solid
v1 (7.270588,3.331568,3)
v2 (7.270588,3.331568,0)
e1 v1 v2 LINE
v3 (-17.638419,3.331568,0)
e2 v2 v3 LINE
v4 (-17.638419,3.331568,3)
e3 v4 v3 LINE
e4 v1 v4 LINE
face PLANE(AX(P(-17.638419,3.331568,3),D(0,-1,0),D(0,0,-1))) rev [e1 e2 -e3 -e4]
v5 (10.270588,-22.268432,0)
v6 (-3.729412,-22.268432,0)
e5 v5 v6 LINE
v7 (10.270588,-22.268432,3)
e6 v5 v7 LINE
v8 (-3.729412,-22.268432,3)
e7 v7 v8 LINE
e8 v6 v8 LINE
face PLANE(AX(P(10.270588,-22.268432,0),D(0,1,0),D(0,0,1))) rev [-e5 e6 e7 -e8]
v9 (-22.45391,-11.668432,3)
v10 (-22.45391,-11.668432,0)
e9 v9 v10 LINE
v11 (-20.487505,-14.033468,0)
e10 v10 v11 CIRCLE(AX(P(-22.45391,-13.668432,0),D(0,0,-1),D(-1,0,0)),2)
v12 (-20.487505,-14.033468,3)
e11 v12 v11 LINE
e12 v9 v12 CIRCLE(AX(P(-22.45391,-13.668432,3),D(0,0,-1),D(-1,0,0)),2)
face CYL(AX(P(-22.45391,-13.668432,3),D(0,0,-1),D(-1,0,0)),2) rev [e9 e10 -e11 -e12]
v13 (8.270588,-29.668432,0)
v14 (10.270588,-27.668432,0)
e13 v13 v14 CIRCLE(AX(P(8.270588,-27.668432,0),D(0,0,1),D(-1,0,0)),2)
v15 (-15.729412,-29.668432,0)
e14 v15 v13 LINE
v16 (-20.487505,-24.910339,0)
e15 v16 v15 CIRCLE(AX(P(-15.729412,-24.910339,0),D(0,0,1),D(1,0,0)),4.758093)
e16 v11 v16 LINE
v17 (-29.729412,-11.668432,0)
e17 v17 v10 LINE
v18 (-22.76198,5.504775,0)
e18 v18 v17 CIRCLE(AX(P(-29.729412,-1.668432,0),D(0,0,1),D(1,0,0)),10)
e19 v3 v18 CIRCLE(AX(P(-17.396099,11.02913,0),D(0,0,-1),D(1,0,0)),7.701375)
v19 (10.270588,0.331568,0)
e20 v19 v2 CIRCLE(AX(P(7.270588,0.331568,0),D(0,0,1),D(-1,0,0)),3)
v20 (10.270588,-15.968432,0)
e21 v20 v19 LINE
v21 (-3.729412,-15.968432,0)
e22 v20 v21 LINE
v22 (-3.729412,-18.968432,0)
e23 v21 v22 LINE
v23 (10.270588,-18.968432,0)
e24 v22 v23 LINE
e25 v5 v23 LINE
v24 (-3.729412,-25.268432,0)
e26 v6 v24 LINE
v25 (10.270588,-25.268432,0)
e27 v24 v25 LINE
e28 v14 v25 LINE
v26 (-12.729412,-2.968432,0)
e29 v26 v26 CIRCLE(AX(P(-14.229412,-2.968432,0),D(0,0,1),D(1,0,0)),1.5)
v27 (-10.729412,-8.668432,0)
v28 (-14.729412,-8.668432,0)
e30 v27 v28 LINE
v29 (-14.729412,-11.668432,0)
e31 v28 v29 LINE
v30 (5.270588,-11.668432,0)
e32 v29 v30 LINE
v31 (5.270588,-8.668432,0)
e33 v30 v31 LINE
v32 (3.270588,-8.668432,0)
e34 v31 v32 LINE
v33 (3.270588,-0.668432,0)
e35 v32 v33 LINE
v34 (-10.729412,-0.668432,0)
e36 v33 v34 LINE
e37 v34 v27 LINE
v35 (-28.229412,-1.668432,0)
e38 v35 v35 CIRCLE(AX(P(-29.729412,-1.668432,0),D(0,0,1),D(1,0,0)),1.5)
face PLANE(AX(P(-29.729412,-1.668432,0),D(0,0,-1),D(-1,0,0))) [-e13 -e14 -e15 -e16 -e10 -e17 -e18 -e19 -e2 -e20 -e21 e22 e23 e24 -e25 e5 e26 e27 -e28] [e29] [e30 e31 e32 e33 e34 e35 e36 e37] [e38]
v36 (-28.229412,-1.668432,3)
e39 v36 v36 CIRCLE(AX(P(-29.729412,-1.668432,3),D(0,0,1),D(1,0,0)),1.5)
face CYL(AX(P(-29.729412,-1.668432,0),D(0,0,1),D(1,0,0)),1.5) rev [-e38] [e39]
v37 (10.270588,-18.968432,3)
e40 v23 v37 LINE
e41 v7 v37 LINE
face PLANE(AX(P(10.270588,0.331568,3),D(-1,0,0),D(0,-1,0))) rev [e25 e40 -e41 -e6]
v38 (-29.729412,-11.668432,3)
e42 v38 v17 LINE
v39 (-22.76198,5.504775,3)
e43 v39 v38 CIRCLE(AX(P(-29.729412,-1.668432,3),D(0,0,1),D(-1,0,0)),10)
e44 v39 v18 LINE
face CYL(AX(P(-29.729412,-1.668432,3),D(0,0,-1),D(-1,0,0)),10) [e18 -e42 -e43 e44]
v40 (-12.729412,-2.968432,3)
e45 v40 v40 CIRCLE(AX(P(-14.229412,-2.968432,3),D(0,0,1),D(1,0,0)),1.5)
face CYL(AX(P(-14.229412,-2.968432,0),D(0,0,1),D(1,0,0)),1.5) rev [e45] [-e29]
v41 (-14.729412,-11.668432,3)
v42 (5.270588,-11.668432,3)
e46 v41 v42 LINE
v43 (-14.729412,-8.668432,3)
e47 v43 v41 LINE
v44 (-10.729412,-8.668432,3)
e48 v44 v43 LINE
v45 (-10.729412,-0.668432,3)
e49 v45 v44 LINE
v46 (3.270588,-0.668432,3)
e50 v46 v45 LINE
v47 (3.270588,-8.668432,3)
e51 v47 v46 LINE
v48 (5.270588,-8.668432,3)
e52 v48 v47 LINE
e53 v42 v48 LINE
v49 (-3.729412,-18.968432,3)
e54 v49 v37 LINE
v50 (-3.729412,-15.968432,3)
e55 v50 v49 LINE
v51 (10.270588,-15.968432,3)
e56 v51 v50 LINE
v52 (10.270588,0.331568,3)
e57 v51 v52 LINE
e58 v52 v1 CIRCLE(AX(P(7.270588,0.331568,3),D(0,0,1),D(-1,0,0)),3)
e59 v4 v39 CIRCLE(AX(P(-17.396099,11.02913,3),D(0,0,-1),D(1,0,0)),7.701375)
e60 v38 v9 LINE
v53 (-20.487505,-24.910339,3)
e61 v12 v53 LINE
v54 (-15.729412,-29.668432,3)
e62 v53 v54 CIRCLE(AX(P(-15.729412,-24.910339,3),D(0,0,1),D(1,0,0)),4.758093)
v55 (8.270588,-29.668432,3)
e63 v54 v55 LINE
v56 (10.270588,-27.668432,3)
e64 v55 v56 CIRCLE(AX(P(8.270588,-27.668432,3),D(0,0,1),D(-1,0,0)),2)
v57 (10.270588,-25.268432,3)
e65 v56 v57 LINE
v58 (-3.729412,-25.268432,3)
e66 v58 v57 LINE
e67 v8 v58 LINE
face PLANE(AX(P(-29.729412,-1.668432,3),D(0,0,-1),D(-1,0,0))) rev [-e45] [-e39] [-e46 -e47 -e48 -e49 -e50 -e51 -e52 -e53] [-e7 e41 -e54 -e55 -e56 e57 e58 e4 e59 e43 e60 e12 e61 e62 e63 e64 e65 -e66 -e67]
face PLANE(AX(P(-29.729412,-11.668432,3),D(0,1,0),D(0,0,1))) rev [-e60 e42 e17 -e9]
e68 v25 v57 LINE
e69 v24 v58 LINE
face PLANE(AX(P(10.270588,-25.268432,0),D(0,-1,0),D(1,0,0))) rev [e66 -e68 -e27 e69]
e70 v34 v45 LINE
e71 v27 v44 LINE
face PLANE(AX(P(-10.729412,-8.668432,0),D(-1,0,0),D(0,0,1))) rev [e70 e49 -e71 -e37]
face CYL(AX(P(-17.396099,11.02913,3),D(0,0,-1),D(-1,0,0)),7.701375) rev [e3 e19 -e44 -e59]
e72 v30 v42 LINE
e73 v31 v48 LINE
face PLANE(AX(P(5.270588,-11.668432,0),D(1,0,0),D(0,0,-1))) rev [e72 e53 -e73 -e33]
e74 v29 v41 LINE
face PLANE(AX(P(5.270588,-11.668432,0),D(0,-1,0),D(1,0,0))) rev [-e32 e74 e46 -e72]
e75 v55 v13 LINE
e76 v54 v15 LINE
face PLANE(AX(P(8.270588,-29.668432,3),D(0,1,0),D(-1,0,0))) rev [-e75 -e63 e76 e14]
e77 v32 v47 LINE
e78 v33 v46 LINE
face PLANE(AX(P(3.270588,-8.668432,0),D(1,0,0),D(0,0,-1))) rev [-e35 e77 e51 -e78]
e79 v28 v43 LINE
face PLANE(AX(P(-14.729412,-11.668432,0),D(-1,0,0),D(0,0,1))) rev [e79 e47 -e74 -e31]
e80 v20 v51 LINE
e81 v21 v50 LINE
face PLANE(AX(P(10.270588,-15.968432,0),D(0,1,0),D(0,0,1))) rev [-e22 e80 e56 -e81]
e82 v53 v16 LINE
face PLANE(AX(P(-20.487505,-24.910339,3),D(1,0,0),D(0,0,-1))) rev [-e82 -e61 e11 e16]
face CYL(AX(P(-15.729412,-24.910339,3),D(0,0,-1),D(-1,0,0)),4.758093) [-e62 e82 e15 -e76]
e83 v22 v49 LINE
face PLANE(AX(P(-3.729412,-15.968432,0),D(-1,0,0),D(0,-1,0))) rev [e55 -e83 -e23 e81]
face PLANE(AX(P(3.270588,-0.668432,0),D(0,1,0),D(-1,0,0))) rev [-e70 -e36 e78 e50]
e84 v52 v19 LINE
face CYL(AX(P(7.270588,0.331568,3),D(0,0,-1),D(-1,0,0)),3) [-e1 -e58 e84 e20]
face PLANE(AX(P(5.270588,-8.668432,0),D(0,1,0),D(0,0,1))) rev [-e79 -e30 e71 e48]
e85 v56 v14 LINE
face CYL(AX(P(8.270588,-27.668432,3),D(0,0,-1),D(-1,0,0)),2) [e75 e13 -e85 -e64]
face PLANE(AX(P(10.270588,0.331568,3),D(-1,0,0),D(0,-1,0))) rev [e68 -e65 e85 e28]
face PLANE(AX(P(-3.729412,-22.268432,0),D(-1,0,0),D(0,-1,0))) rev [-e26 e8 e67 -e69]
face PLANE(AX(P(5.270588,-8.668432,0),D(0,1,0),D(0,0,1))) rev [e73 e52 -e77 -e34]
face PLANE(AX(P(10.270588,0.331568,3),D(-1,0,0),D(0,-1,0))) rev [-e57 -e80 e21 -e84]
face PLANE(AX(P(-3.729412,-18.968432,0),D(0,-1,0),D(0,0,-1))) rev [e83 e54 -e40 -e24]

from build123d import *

# Parameters (mm, degrees)
BOSS_EXTRUDE1_DEPTH = 3
SKETCH2_R           = 1.5
CUT_EXTRUDE1_DEPTH  = 3
SKETCH3_W           = 20
SKETCH3_H           = 3
SKETCH3_W_2         = 14
CUT_EXTRUDE2_DEPTH  = 3
SKETCH4_W           = 14
SKETCH4_H           = 8
CUT_EXTRUDE3_DEPTH  = 3
SKETCH5_R           = 1.5
CUT_EXTRUDE4_DEPTH  = 3


with BuildPart() as part:
    # Sketch1 → Boss-Extrude1 (new body)
    with BuildSketch(Plane.XY):
        with BuildLine():
            Line((10.270588235, 0.331568073), (10.270588235, -27.668431927))
            ThreePointArc((10.270588235, -27.668431927), (9.684801798, -29.08264549), (8.270588235, -29.668431927))
            Line((8.270588235, -29.668431927), (-15.729411765, -29.668431927))
            ThreePointArc((-15.729411765, -29.668431927), (-19.09389159, -28.274818754), (-20.487504763, -24.910338929))
            Line((-20.487504763, -24.910338929), (-20.487504763, -14.033468446))
            ThreePointArc((-20.487504763, -14.033468446), (-20.916042168, -12.389775022), (-22.453909691, -11.668431927))
            Line((-22.453909691, -11.668431927), (-29.729411765, -11.668431927))
            ThreePointArc((-29.729411765, -11.668431927), (-36.800479577, -8.739499739), (-39.729411765, -1.668431927))
            ThreePointArc((-39.729411765, -1.668431927), (-36.800479577, 5.402635884), (-29.729411765, 8.331568073))
            ThreePointArc((-29.729411765, 8.331568073), (-25.969894889, 7.597960729), (-22.761979852, 5.504774645))
            ThreePointArc((-22.761979852, 5.504774645), (-20.403371026, 3.939172769), (-17.6384187, 3.331568073))
            Line((-17.6384187, 3.331568073), (7.270588235, 3.331568073))
            ThreePointArc((7.270588235, 3.331568073), (9.391908579, 2.452888416), (10.270588235, 0.331568073))
        make_face()
    extrude(amount=BOSS_EXTRUDE1_DEPTH)

    # Sketch2 → Cut-Extrude1 (cut)
    with BuildSketch(Plane.XY.offset(3)):
        with Locations((-29.729411765, -1.668431927)):
            Circle(SKETCH2_R)
    extrude(amount=-CUT_EXTRUDE1_DEPTH, mode=Mode.SUBTRACT)

    # Sketch3 → Cut-Extrude2 (cut)
    with BuildSketch(Plane.XY.offset(3)):
        with Locations((-4.729411765, -10.168431927)):
            Rectangle(SKETCH3_W, SKETCH3_H)
        with Locations((3.270588235, -17.468431927)):
            Rectangle(SKETCH3_W_2, SKETCH3_H)
        with Locations((3.270588235, -23.768431927)):
            Rectangle(SKETCH3_W_2, SKETCH3_H)
    extrude(amount=-CUT_EXTRUDE2_DEPTH, mode=Mode.SUBTRACT)

    # Sketch4 → Cut-Extrude3 (cut)
    with BuildSketch(Plane.XY.offset(3)):
        with Locations((-3.729411765, -4.668431927)):
            Rectangle(SKETCH4_W, SKETCH4_H)
    extrude(amount=-CUT_EXTRUDE3_DEPTH, mode=Mode.SUBTRACT)

    # Sketch5 → Cut-Extrude4 (cut)
    with BuildSketch(Plane.XY.offset(3)):
        with Locations((-14.229411765, -2.968431927)):
            Circle(SKETCH5_R)
    extrude(amount=-CUT_EXTRUDE4_DEPTH, mode=Mode.SUBTRACT)


solid = part.part
